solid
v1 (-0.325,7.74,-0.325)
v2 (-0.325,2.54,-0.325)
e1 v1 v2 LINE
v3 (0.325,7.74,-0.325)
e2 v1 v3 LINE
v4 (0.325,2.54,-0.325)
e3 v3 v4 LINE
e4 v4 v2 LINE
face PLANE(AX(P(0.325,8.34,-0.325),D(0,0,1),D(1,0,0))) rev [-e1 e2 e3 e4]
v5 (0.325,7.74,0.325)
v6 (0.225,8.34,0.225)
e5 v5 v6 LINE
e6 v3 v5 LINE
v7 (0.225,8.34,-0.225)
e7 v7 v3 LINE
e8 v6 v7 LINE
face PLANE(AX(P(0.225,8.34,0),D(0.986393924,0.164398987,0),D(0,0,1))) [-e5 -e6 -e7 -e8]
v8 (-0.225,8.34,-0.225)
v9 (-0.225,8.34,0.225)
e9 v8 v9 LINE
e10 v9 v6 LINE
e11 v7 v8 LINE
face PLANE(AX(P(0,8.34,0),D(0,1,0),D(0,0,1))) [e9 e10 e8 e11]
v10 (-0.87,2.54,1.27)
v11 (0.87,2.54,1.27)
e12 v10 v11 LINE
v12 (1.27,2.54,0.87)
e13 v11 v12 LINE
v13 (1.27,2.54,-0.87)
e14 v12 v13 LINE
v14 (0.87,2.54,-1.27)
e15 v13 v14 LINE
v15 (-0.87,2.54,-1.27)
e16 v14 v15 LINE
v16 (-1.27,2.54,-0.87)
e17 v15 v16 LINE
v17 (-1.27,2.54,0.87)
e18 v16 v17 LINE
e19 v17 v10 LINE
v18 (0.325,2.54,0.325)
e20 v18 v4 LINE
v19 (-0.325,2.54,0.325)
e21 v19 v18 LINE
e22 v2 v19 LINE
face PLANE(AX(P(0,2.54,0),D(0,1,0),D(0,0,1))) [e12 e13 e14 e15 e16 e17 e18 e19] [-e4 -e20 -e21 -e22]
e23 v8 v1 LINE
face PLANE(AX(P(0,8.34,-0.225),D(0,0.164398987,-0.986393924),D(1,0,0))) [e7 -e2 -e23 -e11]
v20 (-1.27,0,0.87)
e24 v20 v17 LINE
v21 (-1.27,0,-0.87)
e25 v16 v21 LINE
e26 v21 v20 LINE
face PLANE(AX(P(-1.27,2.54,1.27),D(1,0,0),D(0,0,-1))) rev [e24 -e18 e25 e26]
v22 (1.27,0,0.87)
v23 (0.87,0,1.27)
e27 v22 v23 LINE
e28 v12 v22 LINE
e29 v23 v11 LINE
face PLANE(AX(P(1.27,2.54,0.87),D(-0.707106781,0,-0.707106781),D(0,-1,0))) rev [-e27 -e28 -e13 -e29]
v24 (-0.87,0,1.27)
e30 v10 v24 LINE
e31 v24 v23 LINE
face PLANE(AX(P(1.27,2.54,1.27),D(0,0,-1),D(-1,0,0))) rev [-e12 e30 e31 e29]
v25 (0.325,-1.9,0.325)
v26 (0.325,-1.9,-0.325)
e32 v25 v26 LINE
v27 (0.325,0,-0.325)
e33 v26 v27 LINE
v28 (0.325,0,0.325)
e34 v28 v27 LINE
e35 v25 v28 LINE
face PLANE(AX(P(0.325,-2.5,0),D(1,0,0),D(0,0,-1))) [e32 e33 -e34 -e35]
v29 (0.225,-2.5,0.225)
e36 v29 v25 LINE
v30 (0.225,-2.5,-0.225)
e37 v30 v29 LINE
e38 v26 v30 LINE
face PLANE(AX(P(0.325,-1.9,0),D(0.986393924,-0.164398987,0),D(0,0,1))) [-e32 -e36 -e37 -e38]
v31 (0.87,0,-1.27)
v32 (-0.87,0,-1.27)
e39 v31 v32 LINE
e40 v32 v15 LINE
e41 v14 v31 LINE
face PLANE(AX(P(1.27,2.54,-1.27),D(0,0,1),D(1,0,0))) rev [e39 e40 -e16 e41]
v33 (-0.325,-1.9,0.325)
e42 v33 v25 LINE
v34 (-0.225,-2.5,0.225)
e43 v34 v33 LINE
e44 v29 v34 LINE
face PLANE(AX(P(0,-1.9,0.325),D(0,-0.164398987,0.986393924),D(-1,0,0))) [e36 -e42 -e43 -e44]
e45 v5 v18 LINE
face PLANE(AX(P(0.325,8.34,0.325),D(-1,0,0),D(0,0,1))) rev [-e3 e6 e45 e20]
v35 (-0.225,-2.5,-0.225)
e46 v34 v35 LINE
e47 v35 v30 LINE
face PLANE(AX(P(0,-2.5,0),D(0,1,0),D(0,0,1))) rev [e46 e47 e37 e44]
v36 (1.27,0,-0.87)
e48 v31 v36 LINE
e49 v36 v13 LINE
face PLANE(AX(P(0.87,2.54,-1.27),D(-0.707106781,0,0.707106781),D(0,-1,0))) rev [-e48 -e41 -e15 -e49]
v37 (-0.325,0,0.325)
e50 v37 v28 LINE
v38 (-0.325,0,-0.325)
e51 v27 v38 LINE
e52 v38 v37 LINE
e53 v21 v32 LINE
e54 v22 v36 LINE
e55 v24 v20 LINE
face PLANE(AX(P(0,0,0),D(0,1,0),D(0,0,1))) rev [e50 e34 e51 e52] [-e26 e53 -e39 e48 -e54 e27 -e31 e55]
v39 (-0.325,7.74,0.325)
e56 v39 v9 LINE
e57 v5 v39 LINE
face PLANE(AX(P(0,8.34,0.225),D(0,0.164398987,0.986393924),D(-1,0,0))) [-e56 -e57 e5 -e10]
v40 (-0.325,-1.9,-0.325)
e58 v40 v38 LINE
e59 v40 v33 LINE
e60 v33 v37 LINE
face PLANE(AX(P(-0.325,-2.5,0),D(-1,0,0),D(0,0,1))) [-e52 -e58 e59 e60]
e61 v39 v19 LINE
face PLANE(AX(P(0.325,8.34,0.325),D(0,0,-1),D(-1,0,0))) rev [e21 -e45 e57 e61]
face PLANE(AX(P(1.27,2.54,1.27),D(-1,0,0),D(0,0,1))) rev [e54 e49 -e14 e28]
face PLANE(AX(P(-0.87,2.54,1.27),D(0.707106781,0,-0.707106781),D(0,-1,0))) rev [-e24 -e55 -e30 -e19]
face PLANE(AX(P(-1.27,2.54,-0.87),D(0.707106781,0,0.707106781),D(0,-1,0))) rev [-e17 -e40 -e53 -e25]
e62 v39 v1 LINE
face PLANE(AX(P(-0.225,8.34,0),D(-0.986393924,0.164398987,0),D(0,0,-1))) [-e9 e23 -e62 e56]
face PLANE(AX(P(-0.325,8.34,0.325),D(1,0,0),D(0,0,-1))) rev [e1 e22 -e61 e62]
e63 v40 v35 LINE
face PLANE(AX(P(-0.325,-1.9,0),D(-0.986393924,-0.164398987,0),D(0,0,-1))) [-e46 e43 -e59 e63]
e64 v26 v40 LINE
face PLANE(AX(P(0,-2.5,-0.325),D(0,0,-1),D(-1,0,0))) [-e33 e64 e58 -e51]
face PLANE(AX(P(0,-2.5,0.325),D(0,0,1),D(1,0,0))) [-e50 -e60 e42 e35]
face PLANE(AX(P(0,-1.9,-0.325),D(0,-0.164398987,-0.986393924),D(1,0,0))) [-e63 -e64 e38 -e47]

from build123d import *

# Parameters (mm, degrees)
SKETCH_1_W             = 2.54
SKETCH_1_H             = 2.54
EXTRUDE_1_DEPTH        = 2.54
CHAMFER_1_SIZE         = 0.4
SKETCH_2_W             = 0.65
SKETCH_2_H             = 0.65
EXTRUDE_2_DEPTH        = 5.8
EXTRUDE_START          = -2.54
SKETCH_2_2_W           = 0.65
SKETCH_2_2_H           = 0.65
EXTRUDE_3_DEPTH        = 2.5
CHAMFER_2_SIZE         = 0.6
CHAMFER_2_SIZE2        = 0.1
CHAMFER_2_PART_2_SIZE  = 0.6
CHAMFER_2_PART_2_SIZE2 = 0.1
CHAMFER_2_PART_3_SIZE  = 0.6
CHAMFER_2_PART_3_SIZE2 = 0.1
CHAMFER_2_PART_4_SIZE  = 0.6
CHAMFER_2_PART_4_SIZE2 = 0.1
CHAMFER_3_SIZE         = 0.1
CHAMFER_3_SIZE2        = 0.6


with BuildPart() as part:
    # Эскиз1 → Бобышка-Вытянуть1 (new body)
    with BuildSketch(Plane(origin=(0, 0, 0), x_dir=(1, 0, 0), z_dir=(0, 1, 0))):
        Rectangle(SKETCH_1_W, SKETCH_1_H)
    extrude(amount=EXTRUDE_1_DEPTH)

    # Фаска1
    chamfer_1_edges = [part.edges().sort_by_distance(p)[0] for p in [
        (-1.27, 1.27, -1.27),
        (1.27, 1.27, -1.27),
        (1.27, 1.27, 1.27),
        (-1.27, 1.27, 1.27),
    ]]
    chamfer(chamfer_1_edges, length=CHAMFER_1_SIZE)

    # Эскиз2 → Бобышка-Вытянуть2 (add)
    with BuildSketch(Plane(origin=(0, 2.54, 0), x_dir=(1, 0, 0), z_dir=(0, 1, 0))):
        Rectangle(SKETCH_2_W, SKETCH_2_H)
    extrude(amount=EXTRUDE_2_DEPTH)

    # Эскиз2<2> → Бобышка-Вытянуть3 (add)
    with BuildSketch(Plane(origin=(0, 2.54, 0), x_dir=(1, 0, 0), z_dir=(0, 1, 0)).offset(EXTRUDE_START)):
        Rectangle(SKETCH_2_2_W, SKETCH_2_2_H)
    extrude(amount=-EXTRUDE_3_DEPTH)

    # Фаска2
    chamfer_2_edges = [part.edges().sort_by_distance(p)[0] for p in [
        (-0.325, 8.34, 0),
    ]]
    chamfer_2_side = [part.faces().sort_by_distance(p)[0] for p in [
        (-0.325, 5.44, 0),
    ]]
    chamfer(chamfer_2_edges, length=CHAMFER_2_SIZE, length2=CHAMFER_2_SIZE2, reference=chamfer_2_side[0])

    # Фаска2 part 2
    chamfer_2_part_2_edges = [part.edges().sort_by_distance(p)[0] for p in [
        (0, 8.34, 0.325),
    ]]
    chamfer_2_part_2_side = [part.faces().sort_by_distance(p)[0] for p in [
        (0, 5.44, 0.325),
    ]]
    chamfer(chamfer_2_part_2_edges, length=CHAMFER_2_PART_2_SIZE, length2=CHAMFER_2_PART_2_SIZE2, reference=chamfer_2_part_2_side[0])

    # Фаска2 part 3
    chamfer_2_part_3_edges = [part.edges().sort_by_distance(p)[0] for p in [
        (0.325, 8.34, 0),
    ]]
    chamfer_2_part_3_side = [part.faces().sort_by_distance(p)[0] for p in [
        (0.325, 5.44, 0),
    ]]
    chamfer(chamfer_2_part_3_edges, length=CHAMFER_2_PART_3_SIZE, length2=CHAMFER_2_PART_3_SIZE2, reference=chamfer_2_part_3_side[0])

    # Фаска2 part 4
    chamfer_2_part_4_edges = [part.edges().sort_by_distance(p)[0] for p in [
        (0, 8.34, -0.325),
    ]]
    chamfer_2_part_4_side = [part.faces().sort_by_distance(p)[0] for p in [
        (0, 5.44, -0.325),
    ]]
    chamfer(chamfer_2_part_4_edges, length=CHAMFER_2_PART_4_SIZE, length2=CHAMFER_2_PART_4_SIZE2, reference=chamfer_2_part_4_side[0])

    # Фаска3
    chamfer_3_edges = [part.edges().sort_by_distance(p)[0] for p in [
        (-0.325, -2.5, 0),
        (0, -2.5, -0.325),
        (0.325, -2.5, 0),
        (0, -2.5, 0.325),
    ]]
    chamfer_3_side = [part.faces().sort_by_distance(p)[0] for p in [
        (0, -2.5, 0),
    ]]
    chamfer(chamfer_3_edges, length=CHAMFER_3_SIZE, length2=CHAMFER_3_SIZE2, reference=chamfer_3_side[0])


solid = part.part
